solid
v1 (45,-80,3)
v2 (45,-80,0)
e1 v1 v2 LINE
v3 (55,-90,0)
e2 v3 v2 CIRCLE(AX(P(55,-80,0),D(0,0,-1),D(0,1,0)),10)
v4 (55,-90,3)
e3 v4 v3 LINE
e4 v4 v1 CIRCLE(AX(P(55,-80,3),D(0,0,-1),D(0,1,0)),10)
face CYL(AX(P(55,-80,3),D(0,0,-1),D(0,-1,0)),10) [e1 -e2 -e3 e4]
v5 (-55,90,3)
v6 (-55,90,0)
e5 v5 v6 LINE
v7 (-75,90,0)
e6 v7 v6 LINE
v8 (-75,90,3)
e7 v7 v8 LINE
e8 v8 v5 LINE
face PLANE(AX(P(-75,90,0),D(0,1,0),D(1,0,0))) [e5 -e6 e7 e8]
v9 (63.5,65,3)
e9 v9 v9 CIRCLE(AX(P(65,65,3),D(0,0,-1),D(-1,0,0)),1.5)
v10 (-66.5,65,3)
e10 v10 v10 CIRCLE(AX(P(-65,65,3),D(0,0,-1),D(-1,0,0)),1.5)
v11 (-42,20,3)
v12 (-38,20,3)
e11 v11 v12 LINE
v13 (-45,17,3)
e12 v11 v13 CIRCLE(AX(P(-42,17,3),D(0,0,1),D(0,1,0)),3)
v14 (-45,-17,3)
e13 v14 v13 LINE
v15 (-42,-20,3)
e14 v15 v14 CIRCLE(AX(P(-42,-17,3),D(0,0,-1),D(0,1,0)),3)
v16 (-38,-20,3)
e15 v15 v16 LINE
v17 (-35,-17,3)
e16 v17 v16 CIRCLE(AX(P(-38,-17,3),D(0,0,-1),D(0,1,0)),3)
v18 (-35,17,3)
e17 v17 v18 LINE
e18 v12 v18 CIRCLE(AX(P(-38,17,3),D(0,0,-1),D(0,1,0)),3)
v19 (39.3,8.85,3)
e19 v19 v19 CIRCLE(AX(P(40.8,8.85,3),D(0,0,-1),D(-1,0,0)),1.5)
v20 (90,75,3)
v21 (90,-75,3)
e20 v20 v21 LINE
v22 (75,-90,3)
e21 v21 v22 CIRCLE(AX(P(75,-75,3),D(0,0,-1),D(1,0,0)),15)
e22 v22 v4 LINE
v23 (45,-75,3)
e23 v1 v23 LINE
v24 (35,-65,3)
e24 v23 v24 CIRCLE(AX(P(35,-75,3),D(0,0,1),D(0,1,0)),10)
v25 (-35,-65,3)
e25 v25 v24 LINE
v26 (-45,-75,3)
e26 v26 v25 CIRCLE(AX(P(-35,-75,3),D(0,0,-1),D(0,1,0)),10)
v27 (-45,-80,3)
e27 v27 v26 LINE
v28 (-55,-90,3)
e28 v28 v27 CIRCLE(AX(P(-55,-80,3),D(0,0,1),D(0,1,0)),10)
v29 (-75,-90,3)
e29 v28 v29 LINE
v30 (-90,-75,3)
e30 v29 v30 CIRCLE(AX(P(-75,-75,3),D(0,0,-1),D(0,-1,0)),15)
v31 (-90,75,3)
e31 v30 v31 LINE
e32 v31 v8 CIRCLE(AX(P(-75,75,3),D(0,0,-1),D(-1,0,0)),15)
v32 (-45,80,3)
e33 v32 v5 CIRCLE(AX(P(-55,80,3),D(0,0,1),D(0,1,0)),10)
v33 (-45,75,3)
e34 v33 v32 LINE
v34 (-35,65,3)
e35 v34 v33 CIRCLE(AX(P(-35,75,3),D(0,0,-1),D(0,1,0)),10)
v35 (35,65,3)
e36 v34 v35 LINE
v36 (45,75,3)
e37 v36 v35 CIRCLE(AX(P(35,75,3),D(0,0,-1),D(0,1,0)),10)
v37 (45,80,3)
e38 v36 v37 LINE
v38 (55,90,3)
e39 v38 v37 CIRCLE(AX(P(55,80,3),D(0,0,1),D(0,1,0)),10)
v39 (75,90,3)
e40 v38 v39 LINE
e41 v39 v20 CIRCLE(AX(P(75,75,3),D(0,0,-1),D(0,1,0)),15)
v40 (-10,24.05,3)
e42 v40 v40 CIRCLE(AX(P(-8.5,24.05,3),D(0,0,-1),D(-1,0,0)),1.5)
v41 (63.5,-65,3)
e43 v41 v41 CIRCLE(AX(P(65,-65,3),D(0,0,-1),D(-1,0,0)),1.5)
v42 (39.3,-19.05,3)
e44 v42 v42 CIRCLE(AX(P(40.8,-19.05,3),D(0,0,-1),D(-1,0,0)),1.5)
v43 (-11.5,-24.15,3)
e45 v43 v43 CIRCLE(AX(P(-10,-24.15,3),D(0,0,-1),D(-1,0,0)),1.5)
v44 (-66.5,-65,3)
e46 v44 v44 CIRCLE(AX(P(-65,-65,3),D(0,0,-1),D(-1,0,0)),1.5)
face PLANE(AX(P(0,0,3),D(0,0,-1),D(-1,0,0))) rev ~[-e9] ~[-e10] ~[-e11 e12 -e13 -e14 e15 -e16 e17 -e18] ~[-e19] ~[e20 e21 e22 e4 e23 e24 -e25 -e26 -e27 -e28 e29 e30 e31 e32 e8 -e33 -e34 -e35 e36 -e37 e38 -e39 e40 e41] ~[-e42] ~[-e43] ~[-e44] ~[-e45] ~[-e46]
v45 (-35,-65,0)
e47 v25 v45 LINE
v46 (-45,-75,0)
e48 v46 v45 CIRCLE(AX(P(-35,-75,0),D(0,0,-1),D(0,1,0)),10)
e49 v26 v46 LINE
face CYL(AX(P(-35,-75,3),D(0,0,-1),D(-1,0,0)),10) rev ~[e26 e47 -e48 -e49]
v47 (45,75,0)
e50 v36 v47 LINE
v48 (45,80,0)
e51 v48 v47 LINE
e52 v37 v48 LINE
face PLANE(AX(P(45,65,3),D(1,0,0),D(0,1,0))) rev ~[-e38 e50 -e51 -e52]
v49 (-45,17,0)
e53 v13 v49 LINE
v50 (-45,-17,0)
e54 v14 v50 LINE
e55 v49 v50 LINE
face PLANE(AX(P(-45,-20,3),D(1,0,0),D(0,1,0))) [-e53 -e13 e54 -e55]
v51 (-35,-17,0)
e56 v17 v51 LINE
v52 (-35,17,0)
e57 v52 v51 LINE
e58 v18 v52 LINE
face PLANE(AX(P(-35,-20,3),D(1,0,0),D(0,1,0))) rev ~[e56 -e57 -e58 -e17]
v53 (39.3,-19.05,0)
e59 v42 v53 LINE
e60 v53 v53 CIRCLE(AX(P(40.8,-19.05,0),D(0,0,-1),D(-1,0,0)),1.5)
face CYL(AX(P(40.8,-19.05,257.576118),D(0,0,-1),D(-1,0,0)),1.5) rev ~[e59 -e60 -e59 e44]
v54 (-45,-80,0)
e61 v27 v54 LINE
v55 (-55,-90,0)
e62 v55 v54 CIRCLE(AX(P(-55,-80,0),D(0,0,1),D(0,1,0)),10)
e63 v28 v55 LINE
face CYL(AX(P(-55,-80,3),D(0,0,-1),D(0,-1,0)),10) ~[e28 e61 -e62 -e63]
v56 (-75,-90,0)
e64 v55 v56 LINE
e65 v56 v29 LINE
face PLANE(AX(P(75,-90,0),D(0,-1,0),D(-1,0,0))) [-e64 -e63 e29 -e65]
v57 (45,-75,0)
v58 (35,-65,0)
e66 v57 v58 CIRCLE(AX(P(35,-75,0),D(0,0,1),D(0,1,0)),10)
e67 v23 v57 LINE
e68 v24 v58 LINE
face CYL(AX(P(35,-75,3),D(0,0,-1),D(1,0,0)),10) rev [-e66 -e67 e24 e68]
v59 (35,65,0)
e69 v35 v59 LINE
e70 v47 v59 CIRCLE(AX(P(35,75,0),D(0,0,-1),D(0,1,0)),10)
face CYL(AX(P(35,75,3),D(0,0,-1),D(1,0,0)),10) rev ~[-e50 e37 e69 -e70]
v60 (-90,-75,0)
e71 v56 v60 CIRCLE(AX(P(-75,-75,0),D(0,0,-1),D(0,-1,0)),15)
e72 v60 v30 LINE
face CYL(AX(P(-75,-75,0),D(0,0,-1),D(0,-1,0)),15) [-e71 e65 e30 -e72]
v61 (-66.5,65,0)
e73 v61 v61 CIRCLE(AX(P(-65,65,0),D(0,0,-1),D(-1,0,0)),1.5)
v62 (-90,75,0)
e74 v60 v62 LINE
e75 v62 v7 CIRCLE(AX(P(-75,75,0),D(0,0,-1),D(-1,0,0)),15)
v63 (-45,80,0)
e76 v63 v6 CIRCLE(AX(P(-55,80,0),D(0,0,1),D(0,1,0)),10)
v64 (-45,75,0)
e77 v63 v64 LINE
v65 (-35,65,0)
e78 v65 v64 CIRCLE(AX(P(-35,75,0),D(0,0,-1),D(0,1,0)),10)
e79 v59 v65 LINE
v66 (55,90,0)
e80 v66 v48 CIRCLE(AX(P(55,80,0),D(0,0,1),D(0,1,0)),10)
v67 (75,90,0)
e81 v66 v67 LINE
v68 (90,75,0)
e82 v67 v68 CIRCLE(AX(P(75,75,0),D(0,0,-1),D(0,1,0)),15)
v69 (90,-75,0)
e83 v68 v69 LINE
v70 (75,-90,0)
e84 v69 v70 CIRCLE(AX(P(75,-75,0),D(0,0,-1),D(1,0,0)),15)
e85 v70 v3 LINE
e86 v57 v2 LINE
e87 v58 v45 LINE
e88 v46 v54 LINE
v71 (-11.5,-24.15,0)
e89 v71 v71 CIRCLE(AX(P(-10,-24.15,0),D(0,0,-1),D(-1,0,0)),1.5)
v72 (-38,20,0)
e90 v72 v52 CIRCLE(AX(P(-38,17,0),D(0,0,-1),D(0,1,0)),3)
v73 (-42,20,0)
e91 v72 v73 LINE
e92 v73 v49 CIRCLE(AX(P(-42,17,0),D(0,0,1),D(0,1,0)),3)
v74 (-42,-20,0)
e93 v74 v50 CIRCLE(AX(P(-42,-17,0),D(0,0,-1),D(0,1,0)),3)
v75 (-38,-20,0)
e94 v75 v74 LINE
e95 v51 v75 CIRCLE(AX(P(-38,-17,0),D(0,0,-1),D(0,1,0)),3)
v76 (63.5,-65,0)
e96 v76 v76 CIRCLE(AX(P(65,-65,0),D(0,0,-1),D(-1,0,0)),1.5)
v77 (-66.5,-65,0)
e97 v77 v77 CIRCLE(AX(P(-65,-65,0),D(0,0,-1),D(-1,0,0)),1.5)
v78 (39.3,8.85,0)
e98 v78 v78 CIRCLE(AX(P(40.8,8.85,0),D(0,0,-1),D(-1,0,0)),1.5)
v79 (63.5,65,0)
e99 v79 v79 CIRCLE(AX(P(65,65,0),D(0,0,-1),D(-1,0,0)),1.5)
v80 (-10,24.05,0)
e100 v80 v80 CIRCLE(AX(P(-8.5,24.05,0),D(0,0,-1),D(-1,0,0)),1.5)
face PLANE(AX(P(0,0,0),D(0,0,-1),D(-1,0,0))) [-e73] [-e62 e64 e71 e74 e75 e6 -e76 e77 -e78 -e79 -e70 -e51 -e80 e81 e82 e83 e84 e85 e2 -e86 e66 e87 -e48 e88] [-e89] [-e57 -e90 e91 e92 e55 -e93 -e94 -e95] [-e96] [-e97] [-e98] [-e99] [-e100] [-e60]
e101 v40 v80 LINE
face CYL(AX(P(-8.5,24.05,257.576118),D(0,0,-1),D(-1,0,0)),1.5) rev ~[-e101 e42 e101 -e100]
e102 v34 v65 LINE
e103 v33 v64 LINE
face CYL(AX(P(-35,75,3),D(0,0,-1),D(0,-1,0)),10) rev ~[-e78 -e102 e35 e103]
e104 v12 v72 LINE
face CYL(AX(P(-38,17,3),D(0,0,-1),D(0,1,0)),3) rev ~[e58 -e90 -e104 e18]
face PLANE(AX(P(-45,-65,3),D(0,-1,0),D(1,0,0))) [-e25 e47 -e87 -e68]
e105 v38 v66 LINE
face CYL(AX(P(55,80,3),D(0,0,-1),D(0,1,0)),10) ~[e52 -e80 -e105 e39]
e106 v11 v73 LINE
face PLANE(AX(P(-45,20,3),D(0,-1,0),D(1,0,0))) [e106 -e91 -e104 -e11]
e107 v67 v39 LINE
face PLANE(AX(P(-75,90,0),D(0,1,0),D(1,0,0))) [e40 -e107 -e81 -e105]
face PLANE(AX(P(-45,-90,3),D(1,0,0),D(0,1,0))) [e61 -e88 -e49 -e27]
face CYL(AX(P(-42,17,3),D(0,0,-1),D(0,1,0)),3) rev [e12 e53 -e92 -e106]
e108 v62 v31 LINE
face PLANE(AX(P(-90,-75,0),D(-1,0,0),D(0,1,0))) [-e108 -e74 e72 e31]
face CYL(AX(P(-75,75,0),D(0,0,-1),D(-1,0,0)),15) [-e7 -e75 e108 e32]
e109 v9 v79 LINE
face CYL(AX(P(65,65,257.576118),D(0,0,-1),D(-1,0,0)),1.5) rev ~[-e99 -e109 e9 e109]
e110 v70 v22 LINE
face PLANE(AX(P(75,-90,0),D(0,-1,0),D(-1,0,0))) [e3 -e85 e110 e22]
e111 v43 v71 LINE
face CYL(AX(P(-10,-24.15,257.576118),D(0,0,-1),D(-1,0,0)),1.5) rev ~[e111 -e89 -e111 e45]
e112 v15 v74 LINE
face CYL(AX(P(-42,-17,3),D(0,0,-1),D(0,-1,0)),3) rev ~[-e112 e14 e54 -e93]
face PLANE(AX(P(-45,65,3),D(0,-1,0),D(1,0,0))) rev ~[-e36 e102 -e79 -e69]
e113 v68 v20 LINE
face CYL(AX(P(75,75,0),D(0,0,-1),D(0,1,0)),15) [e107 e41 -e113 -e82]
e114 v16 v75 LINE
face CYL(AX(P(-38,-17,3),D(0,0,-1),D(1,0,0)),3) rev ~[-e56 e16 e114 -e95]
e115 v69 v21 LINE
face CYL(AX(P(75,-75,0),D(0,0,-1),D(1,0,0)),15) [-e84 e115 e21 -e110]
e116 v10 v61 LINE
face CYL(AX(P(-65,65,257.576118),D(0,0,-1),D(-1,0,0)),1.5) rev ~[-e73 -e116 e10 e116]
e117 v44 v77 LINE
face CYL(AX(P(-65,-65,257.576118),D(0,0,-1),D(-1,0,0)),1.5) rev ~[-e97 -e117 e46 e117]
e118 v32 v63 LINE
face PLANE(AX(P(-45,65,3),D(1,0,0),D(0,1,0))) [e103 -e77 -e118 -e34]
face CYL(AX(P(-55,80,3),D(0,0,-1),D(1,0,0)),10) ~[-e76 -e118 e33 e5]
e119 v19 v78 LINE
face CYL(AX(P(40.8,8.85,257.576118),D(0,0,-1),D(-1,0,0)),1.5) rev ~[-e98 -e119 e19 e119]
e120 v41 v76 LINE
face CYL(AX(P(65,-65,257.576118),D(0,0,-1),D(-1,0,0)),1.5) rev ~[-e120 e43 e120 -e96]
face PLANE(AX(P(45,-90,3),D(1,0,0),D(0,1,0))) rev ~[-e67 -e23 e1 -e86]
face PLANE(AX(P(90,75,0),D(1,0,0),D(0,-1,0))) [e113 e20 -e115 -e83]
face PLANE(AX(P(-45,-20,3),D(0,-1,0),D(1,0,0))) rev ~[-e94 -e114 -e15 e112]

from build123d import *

# Parameters (mm, degrees)
EXTRUDE_1_DEPTH       = 3
HOLE_WIZARD_3_0_3_1_D = 3
SKETCH_7_W            = 90
SKETCH_7_H            = 25
CUT_EXTRUDE_1_DEPTH   = 128.314571044
FILLET_7_R            = 10
HOLE_WIZARD_3_0_3_2_D = 3
SKETCH1_W             = 10
SKETCH1_H             = 40
CUT_EXTRUDE1_DEPTH    = 128.314571044
FILLET1_R             = 3


with BuildPart() as part:
    # Эскиз1 → Бобышка-Вытянуть1 (new body)
    with BuildSketch(Plane.XY):
        with BuildLine():
            Line((75, -90), (-75, -90))
            ThreePointArc((-75, -90), (-85.606601718, -85.606601718), (-90, -75))
            Line((-90, -75), (-90, 75))
            ThreePointArc((-90, 75), (-85.606601718, 85.606601718), (-75, 90))
            Line((-75, 90), (75, 90))
            ThreePointArc((75, 90), (85.606601718, 85.606601718), (90, 75))
            Line((90, 75), (90, -75))
            ThreePointArc((90, -75), (85.606601718, -85.606601718), (75, -90))
        make_face()
    extrude(amount=EXTRUDE_1_DEPTH)

    # Диаметр отверстия Ø3.0 (3)1 (through all)
    with Locations(Plane.XY.offset(3)):
        with Locations((-10, -24.15), (40.8, 8.85), (40.8, -19.05), (-8.5, 24.05)):
            Hole(HOLE_WIZARD_3_0_3_1_D / 2)

    # Эскиз7 → Вырез-Вытянуть1 (cut, through all)
    with BuildSketch(Plane.XY.offset(3)):
        with Locations((0, 77.5)):
            Rectangle(SKETCH_7_W, SKETCH_7_H)
        with Locations((0, -77.5)):
            Rectangle(SKETCH_7_W, SKETCH_7_H)
    extrude(amount=-CUT_EXTRUDE_1_DEPTH, mode=Mode.SUBTRACT)

    # Скругление7
    fillet_7_edges = [part.edges().sort_by_distance(p)[0] for p in [
        (-45, 65, 1.5),
        (-45, 90, 1.5),
        (45, 90, 1.5),
        (45, 65, 1.5),
        (-45, -90, 1.5),
        (-45, -65, 1.5),
        (45, -65, 1.5),
        (45, -90, 1.5),
    ]]
    fillet(fillet_7_edges, radius=FILLET_7_R)

    # Диаметр отверстия Ø3.0 (3)2 (through all)
    with Locations(Plane.XY.offset(3)):
        with Locations((-65, -65), (65, -65), (65, 65), (-65, 65)):
            Hole(HOLE_WIZARD_3_0_3_2_D / 2)

    # Sketch1 → Cut-Extrude1 (cut, through all)
    with BuildSketch(Plane.XY.offset(3)):
        with Locations((-40, 0)):
            Rectangle(SKETCH1_W, SKETCH1_H)
    extrude(amount=-CUT_EXTRUDE1_DEPTH, mode=Mode.SUBTRACT)

    # Fillet1
    fillet1_edges = [part.edges().sort_by_distance(p)[0] for p in [
        (-35, 20, 1.5),
        (-35, -20, 1.5),
        (-45, -20, 1.5),
        (-45, 20, 1.5),
    ]]
    fillet(fillet1_edges, radius=FILLET1_R)


solid = part.part
